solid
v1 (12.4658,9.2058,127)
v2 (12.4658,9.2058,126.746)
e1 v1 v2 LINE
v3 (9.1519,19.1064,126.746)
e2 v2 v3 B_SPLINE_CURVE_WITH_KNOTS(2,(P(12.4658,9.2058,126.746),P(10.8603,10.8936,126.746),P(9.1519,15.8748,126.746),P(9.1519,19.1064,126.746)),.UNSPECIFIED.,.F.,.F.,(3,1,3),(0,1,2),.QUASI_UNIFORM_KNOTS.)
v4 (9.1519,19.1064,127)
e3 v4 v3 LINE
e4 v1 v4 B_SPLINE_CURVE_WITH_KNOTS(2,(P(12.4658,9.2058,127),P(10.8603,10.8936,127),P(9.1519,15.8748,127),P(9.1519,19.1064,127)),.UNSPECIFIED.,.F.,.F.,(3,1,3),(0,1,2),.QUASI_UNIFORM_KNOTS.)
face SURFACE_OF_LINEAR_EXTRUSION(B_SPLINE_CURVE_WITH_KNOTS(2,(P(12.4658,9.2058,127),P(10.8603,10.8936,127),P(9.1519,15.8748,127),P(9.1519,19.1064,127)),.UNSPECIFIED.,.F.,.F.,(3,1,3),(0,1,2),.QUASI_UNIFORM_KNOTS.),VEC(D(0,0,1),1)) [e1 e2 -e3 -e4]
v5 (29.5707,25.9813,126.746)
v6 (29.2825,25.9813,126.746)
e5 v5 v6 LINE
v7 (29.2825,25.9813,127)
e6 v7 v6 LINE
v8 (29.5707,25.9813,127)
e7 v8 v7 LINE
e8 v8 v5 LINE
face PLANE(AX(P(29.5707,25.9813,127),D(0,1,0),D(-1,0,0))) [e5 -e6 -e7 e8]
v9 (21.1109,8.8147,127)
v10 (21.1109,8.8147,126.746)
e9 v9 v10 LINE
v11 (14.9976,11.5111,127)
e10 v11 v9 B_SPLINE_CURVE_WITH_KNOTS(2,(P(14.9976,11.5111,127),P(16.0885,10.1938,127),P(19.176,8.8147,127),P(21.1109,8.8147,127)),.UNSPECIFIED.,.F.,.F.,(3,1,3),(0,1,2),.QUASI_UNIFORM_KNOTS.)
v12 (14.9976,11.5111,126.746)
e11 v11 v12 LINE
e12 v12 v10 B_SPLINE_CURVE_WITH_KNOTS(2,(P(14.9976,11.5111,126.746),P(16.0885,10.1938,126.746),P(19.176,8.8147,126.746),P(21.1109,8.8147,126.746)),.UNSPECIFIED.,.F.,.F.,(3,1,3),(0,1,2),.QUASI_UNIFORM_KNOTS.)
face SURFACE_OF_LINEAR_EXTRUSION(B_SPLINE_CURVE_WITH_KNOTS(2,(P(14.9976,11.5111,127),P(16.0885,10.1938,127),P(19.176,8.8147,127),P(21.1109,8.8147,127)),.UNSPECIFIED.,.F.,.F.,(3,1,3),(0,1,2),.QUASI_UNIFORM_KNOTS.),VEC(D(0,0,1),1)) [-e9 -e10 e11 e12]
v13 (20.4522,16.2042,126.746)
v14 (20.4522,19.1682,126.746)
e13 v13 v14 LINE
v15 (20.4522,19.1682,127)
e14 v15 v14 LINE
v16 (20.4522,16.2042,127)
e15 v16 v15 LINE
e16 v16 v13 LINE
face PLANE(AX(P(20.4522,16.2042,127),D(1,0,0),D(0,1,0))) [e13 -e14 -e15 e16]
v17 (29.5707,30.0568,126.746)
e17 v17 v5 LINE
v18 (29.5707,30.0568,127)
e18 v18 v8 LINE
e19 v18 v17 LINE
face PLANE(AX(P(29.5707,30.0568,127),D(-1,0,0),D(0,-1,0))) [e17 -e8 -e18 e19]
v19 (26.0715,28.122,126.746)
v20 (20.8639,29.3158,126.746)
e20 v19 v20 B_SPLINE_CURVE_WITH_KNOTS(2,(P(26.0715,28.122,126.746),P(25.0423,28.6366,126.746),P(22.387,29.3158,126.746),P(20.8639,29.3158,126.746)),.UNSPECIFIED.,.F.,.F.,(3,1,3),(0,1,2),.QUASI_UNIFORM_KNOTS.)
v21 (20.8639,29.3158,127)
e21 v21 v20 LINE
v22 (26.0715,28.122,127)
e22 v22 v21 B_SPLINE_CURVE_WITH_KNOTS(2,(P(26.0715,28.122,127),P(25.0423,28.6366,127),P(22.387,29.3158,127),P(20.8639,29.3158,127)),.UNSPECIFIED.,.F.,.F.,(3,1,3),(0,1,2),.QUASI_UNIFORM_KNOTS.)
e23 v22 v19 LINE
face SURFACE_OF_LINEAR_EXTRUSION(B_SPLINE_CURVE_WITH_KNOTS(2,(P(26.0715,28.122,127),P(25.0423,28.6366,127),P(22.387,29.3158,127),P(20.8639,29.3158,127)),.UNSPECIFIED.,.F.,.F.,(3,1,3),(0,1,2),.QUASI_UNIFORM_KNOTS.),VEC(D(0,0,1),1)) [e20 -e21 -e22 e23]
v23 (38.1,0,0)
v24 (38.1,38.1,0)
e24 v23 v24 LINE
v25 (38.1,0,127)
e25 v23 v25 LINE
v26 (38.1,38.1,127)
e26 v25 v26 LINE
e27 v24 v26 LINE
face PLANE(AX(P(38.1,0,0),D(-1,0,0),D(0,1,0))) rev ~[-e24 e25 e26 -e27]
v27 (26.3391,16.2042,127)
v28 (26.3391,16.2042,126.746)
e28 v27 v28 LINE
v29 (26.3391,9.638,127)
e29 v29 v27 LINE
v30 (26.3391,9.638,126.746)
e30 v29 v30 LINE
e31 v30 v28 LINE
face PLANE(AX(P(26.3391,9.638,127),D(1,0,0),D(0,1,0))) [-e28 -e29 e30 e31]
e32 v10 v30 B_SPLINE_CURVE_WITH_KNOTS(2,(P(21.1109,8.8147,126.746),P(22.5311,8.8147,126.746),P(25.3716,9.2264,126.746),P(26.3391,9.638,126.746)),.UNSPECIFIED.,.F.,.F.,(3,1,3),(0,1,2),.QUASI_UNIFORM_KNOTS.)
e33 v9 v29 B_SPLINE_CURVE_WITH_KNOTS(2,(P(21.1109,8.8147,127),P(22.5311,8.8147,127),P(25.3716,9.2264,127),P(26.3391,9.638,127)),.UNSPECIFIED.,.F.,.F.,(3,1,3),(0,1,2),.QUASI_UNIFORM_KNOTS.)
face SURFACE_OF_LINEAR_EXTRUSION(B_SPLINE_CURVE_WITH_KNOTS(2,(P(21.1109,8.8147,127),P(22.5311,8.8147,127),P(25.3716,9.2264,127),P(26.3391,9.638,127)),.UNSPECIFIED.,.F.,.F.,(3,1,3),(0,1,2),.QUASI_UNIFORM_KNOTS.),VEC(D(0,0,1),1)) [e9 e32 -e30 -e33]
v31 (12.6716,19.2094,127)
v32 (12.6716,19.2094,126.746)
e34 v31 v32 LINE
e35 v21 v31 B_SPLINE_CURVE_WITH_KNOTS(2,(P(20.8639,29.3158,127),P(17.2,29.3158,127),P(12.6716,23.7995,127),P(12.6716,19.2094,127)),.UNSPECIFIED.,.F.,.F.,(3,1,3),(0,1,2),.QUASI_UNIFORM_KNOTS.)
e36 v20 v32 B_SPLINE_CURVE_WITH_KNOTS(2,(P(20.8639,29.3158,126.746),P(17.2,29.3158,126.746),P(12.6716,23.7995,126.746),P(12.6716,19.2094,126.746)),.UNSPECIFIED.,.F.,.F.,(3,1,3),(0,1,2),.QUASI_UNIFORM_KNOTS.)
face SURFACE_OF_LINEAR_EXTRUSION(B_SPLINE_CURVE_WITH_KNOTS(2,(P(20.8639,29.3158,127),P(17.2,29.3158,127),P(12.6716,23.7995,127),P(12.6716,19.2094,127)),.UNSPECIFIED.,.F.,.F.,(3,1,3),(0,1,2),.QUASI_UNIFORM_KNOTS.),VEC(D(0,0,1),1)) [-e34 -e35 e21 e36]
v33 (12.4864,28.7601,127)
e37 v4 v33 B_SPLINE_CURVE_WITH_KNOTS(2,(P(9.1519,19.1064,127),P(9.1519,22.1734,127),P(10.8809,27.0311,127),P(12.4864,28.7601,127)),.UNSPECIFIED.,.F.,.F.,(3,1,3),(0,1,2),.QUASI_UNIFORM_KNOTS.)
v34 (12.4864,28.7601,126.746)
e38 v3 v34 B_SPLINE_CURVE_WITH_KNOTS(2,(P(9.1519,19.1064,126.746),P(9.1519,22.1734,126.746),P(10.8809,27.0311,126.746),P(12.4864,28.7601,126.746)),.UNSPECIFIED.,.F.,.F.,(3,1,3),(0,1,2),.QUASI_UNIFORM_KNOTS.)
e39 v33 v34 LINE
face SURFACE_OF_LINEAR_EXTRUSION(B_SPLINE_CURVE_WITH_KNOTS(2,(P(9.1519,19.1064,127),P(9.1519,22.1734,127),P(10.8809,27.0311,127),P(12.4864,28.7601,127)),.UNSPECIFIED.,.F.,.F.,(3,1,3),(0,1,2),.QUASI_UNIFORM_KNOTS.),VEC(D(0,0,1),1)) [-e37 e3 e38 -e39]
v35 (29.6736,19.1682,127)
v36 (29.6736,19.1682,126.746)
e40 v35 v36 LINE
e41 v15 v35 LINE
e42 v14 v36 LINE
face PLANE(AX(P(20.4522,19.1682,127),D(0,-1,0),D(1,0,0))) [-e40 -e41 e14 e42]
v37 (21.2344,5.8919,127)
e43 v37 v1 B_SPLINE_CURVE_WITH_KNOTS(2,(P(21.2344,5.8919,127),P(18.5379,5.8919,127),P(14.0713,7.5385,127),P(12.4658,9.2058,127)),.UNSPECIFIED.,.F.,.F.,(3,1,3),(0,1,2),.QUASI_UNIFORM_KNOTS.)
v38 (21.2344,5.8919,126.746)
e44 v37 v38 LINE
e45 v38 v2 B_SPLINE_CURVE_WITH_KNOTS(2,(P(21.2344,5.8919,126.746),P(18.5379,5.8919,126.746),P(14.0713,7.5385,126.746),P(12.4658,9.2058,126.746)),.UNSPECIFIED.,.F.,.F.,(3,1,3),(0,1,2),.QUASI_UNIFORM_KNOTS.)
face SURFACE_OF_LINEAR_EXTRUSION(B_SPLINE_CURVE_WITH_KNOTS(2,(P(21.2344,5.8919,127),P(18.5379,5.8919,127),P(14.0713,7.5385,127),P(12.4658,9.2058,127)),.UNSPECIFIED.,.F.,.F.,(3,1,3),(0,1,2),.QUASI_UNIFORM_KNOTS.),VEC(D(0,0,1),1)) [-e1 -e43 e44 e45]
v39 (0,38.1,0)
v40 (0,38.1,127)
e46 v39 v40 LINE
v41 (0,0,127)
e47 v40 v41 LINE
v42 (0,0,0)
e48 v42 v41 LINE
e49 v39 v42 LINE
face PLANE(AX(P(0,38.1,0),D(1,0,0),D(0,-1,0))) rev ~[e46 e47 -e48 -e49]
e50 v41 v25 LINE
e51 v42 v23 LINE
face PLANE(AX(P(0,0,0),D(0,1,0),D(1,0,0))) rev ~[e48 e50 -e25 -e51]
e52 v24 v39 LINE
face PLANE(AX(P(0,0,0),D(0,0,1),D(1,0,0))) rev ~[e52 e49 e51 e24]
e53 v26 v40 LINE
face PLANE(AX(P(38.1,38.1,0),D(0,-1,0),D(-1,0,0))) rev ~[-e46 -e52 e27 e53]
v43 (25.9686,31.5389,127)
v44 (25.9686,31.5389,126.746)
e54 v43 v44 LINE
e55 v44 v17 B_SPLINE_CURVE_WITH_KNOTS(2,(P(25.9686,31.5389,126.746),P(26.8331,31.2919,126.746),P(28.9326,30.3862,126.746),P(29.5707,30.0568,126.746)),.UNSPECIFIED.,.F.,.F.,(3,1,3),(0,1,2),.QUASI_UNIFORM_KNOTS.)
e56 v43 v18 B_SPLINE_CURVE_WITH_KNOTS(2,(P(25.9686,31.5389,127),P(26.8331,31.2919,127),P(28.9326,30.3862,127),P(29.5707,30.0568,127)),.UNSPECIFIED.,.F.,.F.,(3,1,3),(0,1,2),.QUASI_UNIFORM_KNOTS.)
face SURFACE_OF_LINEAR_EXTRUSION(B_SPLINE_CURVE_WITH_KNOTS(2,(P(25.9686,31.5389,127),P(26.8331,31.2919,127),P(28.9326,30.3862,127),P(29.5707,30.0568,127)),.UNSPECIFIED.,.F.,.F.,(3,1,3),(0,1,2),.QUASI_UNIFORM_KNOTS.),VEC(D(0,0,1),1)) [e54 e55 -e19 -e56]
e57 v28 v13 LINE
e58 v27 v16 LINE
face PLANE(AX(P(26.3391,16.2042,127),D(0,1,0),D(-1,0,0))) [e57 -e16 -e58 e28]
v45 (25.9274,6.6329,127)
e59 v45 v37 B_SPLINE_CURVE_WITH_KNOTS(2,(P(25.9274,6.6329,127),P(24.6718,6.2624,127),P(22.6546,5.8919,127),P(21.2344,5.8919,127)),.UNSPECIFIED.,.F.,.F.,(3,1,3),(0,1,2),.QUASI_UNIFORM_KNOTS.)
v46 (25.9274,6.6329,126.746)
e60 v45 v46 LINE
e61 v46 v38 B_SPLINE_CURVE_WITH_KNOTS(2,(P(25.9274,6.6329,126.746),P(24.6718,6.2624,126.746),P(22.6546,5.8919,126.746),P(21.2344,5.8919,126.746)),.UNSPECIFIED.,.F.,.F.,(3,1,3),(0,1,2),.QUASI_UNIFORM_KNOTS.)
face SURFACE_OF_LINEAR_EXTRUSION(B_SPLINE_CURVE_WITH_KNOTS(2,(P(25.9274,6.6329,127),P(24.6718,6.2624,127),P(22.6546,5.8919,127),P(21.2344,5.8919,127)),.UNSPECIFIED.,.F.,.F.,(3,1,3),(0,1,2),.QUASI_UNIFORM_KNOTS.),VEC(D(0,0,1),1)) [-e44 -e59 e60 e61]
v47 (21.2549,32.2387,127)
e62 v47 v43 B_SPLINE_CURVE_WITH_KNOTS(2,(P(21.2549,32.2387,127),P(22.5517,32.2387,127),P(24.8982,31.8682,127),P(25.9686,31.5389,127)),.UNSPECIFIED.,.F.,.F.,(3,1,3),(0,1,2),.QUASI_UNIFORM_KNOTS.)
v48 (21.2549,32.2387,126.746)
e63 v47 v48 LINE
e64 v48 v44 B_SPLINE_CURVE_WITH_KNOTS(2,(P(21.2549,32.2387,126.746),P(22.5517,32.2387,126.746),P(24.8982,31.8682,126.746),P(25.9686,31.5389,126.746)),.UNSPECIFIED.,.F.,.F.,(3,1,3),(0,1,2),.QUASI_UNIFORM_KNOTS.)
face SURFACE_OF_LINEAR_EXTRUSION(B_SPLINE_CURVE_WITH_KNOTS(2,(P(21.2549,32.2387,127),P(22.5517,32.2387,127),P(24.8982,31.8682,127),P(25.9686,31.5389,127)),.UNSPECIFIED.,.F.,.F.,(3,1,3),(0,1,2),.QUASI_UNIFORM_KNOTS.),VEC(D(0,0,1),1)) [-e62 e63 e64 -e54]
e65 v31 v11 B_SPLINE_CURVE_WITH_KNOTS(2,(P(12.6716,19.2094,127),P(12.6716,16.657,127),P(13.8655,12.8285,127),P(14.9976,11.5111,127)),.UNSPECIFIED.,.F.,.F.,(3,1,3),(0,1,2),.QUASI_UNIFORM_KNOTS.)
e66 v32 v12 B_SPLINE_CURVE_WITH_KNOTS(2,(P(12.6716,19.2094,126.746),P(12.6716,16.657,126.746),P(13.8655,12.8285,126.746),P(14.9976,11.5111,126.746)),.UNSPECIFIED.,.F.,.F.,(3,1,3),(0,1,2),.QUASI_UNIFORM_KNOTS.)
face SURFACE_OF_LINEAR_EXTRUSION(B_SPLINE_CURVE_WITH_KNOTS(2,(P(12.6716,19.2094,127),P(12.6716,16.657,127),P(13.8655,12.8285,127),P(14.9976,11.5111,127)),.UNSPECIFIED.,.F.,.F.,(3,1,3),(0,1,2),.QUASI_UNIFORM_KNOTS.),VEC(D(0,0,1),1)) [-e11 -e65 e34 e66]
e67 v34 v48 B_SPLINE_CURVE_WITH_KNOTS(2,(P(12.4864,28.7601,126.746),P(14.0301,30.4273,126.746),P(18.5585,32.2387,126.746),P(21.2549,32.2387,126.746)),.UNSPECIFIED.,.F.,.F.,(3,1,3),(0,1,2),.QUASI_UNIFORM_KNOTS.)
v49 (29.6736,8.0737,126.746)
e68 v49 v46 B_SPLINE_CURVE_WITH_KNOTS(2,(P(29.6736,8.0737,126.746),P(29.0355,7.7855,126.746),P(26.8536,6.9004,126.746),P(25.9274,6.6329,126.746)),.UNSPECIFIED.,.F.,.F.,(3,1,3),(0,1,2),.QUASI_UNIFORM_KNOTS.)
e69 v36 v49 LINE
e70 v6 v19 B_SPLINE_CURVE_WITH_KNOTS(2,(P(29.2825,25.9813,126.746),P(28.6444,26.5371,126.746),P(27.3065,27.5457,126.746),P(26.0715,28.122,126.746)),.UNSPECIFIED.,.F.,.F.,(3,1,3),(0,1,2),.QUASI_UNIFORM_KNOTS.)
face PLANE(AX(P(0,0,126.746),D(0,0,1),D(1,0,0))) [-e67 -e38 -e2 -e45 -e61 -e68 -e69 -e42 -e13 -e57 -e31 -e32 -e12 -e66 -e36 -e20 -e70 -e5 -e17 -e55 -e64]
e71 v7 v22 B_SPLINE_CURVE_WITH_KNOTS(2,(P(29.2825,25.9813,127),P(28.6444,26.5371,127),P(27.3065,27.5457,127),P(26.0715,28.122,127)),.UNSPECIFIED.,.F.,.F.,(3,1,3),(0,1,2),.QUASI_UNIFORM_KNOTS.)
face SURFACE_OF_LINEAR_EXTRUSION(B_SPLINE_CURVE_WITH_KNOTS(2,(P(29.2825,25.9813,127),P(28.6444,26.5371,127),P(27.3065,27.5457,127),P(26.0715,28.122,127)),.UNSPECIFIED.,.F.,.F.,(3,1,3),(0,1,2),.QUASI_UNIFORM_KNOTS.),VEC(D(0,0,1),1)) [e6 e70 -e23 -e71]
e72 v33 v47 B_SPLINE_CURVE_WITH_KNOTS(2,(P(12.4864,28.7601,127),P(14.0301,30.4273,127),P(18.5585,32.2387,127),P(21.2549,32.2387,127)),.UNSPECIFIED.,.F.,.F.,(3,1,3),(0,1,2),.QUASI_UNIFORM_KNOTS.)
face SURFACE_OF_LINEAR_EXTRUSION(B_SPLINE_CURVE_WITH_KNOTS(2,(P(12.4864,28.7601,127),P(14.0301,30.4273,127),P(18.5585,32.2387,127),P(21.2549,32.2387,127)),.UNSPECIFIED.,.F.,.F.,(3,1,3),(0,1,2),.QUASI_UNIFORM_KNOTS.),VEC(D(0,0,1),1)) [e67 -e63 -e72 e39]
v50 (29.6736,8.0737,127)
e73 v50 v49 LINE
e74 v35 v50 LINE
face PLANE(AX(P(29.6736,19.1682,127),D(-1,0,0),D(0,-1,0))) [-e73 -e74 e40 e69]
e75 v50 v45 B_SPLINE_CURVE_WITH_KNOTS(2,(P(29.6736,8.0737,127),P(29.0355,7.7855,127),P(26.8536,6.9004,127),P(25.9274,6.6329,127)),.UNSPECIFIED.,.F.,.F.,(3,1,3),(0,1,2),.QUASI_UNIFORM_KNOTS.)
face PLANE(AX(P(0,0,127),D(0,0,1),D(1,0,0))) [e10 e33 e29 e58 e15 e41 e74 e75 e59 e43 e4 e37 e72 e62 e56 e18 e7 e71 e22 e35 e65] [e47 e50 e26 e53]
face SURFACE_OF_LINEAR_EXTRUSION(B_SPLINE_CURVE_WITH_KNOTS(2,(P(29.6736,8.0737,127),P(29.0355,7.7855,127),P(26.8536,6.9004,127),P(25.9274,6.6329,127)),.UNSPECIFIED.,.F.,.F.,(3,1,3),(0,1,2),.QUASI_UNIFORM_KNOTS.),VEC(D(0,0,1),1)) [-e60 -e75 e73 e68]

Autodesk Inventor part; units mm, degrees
ref_plane "YZ Plane" through (0, 0, 0) normal (1, 0, 0) x (0, 1, 0)
ref_plane "XZ Plane" through (0, 0, 0) normal (0, 1, 0) x (-1, 0, 0)
ref_plane "XY Plane" through (0, 0, 0) normal (0, 0, 1) x (1, 0, 0)
sketch "Sketch1" plane through (0, 0, 0) normal (0, 0, 1) x (1, 0, 0)
  line L0 (0, 0) -> (38.1, 0)
  line L1 (38.1, 0) -> (38.1, 38.1)
  line L2 (38.1, 38.1) -> (0, 38.1)
  line L3 (0, 38.1) -> (0, 0)
  dimension "d0" = 38.1
  dimension "d1" = 38.1
extrude "Extrusion1" add sketch "Sketch1" along normal blind 127
sketch "Sketch2" plane through (0, 0, 127) normal (0, 0, 1) x (1, 0, 0)
  line L0 (8.0198, 32.2387) -> (54.4149, 32.2387) construction
  line L1 (54.4149, 32.2387) -> (54.4149, -0.3861) construction
  line L2 (54.4149, -0.3861) -> (8.0198, -0.3861) construction
  line L3 (8.0198, -0.3861) -> (8.0198, 32.2387) construction
  spline S0 degree 2 poles (21.2344, 5.8919) (18.5379, 5.8919) (14.0713, 7.5385) (12.4658, 9.2058) knots 0 0 0 1 2 2 2
  spline S1 degree 2 poles (12.4658, 9.2058) (10.8603, 10.8936) (9.1519, 15.8748) (9.1519, 19.1064) knots 0 0 0 1 2 2 2
  spline S2 degree 2 poles (9.1519, 19.1064) (9.1519, 22.1734) (10.8809, 27.0311) (12.4864, 28.7601) knots 0 0 0 1 2 2 2
  spline S3 degree 2 poles (12.4864, 28.7601) (14.0301, 30.4273) (18.5585, 32.2387) (21.2549, 32.2387) knots 0 0 0 1 2 2 2
  spline S4 degree 2 poles (21.2549, 32.2387) (22.5517, 32.2387) (24.8982, 31.8682) (25.9686, 31.5389) knots 0 0 0 1 2 2 2
  spline S5 degree 2 poles (25.9686, 31.5389) (26.8331, 31.2919) (28.9326, 30.3862) (29.5707, 30.0568) knots 0 0 0 1 2 2 2
  line L4 (29.5707, 30.0568) -> (29.5707, 25.9813)
  line L5 (29.5707, 25.9813) -> (29.2825, 25.9813)
  spline S6 degree 2 poles (29.2825, 25.9813) (28.6444, 26.5371) (27.3065, 27.5457) (26.0715, 28.122) knots 0 0 0 1 2 2 2
  spline S7 degree 2 poles (26.0715, 28.122) (25.0423, 28.6366) (22.387, 29.3158) (20.8639, 29.3158) knots 0 0 0 1 2 2 2
  spline S8 degree 2 poles (20.8639, 29.3158) (17.2, 29.3158) (12.6716, 23.7995) (12.6716, 19.2094) knots 0 0 0 1 2 2 2
  spline S9 degree 2 poles (12.6716, 19.2094) (12.6716, 16.657) (13.8655, 12.8285) (14.9976, 11.5111) knots 0 0 0 1 2 2 2
  spline S10 degree 2 poles (14.9976, 11.5111) (16.0885, 10.1938) (19.176, 8.8147) (21.1109, 8.8147) knots 0 0 0 1 2 2 2
  spline S11 degree 2 poles (21.1109, 8.8147) (22.5311, 8.8147) (25.3716, 9.2264) (26.3391, 9.638) knots 0 0 0 1 2 2 2
  line L6 (26.3391, 9.638) -> (26.3391, 16.2042)
  line L7 (26.3391, 16.2042) -> (20.4522, 16.2042)
  line L8 (20.4522, 16.2042) -> (20.4522, 19.1682)
  line L9 (20.4522, 19.1682) -> (29.6736, 19.1682)
  line L10 (29.6736, 19.1682) -> (29.6736, 8.0737)
  spline S12 degree 2 poles (29.6736, 8.0737) (29.0355, 7.7855) (26.8536, 6.9004) (25.9274, 6.6329) knots 0 0 0 1 2 2 2
  spline S13 degree 2 poles (25.9274, 6.6329) (24.6718, 6.2624) (22.6546, 5.8919) (21.2344, 5.8919) knots 0 0 0 1 2 2 2
  point P0 (0, 0)
extrude "Extrusion3" cut sketch "Sketch2" against normal blind 0.254
equation "\"d1\" = d0"
properties part number "Container 2 2 5 generic"
